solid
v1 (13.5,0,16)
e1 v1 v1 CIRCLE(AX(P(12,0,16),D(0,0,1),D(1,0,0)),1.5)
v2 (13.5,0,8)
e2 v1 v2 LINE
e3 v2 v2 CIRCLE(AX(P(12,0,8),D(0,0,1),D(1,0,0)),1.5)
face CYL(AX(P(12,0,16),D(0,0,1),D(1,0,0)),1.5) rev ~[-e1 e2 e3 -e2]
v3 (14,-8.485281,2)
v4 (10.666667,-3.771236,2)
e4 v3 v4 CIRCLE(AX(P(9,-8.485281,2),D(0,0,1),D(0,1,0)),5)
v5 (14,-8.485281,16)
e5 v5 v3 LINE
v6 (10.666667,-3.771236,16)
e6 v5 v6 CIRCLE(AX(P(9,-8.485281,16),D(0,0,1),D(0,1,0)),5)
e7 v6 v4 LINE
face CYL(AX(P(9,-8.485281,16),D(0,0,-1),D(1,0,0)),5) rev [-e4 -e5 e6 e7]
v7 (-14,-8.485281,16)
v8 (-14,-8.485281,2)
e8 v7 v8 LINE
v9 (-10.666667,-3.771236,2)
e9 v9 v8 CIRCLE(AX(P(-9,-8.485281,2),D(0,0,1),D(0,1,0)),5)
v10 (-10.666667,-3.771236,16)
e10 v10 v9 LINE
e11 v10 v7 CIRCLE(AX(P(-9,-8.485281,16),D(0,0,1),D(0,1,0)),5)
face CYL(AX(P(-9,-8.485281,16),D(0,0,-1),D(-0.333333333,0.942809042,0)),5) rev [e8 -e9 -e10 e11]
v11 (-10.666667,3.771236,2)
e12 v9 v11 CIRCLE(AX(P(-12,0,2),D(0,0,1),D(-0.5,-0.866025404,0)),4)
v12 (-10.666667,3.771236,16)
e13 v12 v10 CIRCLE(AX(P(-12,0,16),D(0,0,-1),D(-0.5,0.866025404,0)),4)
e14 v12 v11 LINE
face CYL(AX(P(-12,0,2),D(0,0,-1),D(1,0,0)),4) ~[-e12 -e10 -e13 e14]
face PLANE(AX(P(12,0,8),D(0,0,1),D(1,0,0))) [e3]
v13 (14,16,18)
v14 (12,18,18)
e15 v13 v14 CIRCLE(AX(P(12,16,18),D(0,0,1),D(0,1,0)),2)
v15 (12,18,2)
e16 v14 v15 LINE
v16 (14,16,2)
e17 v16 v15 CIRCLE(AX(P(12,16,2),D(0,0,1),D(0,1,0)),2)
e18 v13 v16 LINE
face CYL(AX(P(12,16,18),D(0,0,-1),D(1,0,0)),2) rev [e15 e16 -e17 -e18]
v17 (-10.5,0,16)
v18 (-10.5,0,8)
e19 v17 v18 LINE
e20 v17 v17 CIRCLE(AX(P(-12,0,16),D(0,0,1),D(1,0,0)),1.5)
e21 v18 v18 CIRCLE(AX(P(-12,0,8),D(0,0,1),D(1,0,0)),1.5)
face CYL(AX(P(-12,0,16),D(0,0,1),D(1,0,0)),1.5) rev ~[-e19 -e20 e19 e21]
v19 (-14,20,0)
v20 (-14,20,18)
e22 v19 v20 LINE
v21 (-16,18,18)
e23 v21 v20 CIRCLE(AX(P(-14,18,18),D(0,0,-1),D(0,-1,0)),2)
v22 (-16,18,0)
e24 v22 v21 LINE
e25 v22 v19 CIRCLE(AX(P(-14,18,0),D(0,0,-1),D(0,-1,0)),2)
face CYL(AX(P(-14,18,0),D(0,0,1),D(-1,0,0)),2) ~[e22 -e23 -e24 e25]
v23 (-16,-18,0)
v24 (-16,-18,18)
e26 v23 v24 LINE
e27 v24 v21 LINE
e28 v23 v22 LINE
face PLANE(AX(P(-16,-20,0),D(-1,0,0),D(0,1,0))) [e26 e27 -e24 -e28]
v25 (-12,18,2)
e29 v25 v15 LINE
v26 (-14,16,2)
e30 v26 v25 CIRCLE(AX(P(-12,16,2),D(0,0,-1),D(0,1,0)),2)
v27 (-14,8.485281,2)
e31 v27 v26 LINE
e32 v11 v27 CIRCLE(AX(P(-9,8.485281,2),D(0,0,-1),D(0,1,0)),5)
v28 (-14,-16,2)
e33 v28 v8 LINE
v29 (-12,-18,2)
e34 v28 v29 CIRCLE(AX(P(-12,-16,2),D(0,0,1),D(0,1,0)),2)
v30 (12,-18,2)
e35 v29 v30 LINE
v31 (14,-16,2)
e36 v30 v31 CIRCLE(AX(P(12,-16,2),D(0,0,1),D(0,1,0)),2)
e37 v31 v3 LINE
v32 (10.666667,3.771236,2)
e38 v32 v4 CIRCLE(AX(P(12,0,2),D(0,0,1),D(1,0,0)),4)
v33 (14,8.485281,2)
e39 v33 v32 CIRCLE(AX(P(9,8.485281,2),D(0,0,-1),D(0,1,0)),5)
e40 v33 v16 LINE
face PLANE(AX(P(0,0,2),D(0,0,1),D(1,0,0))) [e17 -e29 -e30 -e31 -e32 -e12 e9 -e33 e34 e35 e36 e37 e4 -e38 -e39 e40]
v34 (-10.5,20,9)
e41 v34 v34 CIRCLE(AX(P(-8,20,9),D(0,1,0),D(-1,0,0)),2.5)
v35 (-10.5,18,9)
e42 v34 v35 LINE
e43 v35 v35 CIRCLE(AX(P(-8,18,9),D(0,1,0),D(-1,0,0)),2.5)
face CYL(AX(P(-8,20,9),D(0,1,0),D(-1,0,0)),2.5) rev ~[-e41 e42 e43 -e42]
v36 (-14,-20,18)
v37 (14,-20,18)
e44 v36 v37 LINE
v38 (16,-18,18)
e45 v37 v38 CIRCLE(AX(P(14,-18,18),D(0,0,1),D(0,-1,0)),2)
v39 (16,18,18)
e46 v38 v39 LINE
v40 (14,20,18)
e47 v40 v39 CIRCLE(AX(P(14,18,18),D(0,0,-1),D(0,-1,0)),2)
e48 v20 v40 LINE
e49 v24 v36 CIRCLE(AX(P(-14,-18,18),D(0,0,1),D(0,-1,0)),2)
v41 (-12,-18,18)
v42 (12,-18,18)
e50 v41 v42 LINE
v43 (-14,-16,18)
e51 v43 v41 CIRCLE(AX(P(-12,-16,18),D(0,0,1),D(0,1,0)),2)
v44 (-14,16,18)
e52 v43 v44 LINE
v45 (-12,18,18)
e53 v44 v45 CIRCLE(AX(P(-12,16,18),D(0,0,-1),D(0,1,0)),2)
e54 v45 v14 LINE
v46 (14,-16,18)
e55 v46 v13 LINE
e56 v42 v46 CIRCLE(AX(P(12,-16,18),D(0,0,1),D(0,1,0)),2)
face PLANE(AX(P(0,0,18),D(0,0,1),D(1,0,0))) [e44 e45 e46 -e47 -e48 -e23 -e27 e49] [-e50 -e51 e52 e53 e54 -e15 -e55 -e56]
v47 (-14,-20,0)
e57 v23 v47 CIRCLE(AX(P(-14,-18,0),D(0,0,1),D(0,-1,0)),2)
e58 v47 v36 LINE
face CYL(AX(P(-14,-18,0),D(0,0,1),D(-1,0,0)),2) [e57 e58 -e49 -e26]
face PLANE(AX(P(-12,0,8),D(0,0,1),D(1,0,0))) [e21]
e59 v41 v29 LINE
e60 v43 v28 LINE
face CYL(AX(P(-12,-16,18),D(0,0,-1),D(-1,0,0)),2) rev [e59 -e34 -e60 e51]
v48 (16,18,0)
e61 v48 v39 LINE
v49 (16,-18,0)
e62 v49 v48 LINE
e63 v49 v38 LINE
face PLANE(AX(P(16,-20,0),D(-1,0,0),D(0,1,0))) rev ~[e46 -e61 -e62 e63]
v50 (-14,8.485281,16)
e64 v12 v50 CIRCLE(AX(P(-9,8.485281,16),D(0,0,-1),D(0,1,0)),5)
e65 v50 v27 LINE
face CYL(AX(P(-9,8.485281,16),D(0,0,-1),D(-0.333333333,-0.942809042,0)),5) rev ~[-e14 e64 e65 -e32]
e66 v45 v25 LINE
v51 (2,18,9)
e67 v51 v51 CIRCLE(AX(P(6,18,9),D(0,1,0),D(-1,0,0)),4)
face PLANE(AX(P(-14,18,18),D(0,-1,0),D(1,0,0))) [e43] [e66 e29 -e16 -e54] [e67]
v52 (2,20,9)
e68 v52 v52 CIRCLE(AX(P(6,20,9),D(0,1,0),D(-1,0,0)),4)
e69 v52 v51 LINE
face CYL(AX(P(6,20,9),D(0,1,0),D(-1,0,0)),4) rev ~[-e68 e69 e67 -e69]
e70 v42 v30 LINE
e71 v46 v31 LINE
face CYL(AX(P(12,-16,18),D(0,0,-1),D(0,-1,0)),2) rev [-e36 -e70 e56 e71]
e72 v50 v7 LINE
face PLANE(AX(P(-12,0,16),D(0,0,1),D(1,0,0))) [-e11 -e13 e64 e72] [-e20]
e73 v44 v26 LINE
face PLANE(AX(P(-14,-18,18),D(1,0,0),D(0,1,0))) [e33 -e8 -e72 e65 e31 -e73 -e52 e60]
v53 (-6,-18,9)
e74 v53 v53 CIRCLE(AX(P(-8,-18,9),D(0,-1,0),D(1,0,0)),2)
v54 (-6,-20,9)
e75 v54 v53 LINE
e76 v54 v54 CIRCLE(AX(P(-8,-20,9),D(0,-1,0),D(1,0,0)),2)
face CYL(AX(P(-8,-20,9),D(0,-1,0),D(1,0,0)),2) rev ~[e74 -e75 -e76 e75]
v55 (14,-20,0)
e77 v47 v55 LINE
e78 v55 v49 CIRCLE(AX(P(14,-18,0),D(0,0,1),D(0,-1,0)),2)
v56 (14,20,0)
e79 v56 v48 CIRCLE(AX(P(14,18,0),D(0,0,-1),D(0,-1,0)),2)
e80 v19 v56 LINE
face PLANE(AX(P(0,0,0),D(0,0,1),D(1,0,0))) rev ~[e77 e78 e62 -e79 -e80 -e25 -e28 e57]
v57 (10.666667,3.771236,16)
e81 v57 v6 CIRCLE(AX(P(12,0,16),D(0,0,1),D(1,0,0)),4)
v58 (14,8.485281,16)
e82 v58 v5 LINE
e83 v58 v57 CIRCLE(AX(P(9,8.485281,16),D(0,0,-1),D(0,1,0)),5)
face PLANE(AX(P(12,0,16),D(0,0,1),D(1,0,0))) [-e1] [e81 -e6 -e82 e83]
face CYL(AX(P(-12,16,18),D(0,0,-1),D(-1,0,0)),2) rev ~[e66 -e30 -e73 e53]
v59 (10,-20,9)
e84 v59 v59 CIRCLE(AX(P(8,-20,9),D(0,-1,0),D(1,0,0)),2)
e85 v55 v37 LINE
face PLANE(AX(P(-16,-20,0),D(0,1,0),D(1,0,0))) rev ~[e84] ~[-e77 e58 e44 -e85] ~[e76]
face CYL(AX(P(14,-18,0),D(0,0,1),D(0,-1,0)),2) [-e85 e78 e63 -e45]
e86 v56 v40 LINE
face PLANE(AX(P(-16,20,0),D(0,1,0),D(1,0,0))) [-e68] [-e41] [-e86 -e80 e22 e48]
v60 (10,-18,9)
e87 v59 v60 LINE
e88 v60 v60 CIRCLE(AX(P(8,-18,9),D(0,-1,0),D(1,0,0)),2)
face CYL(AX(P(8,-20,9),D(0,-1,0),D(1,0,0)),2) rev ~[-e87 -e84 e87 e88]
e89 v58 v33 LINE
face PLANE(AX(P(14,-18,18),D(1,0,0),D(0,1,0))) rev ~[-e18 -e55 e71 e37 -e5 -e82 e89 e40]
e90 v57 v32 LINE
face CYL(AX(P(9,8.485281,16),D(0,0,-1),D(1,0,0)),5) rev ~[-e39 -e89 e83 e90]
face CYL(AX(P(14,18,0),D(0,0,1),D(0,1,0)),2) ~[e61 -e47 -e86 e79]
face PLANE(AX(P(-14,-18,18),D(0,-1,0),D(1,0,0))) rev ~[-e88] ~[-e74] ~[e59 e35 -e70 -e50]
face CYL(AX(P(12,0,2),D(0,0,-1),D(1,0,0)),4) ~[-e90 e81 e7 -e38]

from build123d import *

# Parameters (mm, degrees)
F0_W      = 32
F0_H      = 40
F1_DEPTH  = 18
F2_W      = 28
F2_H      = 36
F3_DEPTH  = 16
F4_R      = 4
F4_R_2    = 2.5
F5_DEPTH  = 3
F6_R      = 2
F7_DEPTH  = 3
F8_R      = 4
F9_DEPTH  = 14
F10_R     = 1.5
F11_DEPTH = 8
F12_R     = 5
F13_R     = 2
F14_R     = 2


with BuildPart() as f1:
    # F0 (on Top) → F1 (new body)
    with BuildSketch(Plane.XY):
        Rectangle(F0_W, F0_H)
    extrude(amount=F1_DEPTH)

    # F2 (on face) → F3 (cut)
    with BuildSketch(Plane.XY.offset(18)):
        Rectangle(F2_W, F2_H)
    extrude(amount=-F3_DEPTH, mode=Mode.SUBTRACT)

    # F4 (on face) → F5 (cut)
    with BuildSketch(Plane(origin=(0, 20, 0), x_dir=(-1, 0, 0), z_dir=(0, 1, 0))):
        with Locations((-6, 9)):
            Circle(F4_R)
        with Locations((8, 9)):
            Circle(F4_R_2)
    extrude(amount=-F5_DEPTH, mode=Mode.SUBTRACT)

    # F6 (on face) → F7 (cut)
    with BuildSketch(Plane.XZ.offset(20)):
        with Locations((-8, 9)):
            Circle(F6_R)
        with Locations((8, 9)):
            Circle(F6_R)
    extrude(amount=-F7_DEPTH, mode=Mode.SUBTRACT)

    # F8 (on face) → F9 (join)
    with BuildSketch(Plane.XY.offset(2)):
        with Locations((-12, 0)):
            Circle(F8_R)
        with Locations((12, 0)):
            Circle(F8_R)
    extrude(amount=F9_DEPTH)

    # F10 (on face) → F11 (cut)
    with BuildSketch(Plane.XY.offset(16)):
        with Locations((-12, 0)):
            Circle(F10_R)
        with Locations((12, 0)):
            Circle(F10_R)
    extrude(amount=-F11_DEPTH, mode=Mode.SUBTRACT)

    # F12
    f12_edges = [f1.edges().sort_by_distance(p)[0] for p in [
        (14, 3.464102, 9),
        (14, -3.464102, 9),
        (-14, -3.464102, 9),
        (-14, 3.464102, 9),
    ]]
    fillet(f12_edges, radius=F12_R)

    # F13
    f13_edges = [f1.edges().sort_by_distance(p)[0] for p in [
        (-14, -18, 10),
        (14, -18, 10),
        (14, 18, 10),
        (-14, 18, 10),
    ]]
    fillet(f13_edges, radius=F13_R)

    # F14
    f14_edges = [f1.edges().sort_by_distance(p)[0] for p in [
        (16, 20, 9),
        (16, -20, 9),
        (-16, -20, 9),
        (-16, 20, 9),
    ]]
    fillet(f14_edges, radius=F14_R)


solid = f1.part
